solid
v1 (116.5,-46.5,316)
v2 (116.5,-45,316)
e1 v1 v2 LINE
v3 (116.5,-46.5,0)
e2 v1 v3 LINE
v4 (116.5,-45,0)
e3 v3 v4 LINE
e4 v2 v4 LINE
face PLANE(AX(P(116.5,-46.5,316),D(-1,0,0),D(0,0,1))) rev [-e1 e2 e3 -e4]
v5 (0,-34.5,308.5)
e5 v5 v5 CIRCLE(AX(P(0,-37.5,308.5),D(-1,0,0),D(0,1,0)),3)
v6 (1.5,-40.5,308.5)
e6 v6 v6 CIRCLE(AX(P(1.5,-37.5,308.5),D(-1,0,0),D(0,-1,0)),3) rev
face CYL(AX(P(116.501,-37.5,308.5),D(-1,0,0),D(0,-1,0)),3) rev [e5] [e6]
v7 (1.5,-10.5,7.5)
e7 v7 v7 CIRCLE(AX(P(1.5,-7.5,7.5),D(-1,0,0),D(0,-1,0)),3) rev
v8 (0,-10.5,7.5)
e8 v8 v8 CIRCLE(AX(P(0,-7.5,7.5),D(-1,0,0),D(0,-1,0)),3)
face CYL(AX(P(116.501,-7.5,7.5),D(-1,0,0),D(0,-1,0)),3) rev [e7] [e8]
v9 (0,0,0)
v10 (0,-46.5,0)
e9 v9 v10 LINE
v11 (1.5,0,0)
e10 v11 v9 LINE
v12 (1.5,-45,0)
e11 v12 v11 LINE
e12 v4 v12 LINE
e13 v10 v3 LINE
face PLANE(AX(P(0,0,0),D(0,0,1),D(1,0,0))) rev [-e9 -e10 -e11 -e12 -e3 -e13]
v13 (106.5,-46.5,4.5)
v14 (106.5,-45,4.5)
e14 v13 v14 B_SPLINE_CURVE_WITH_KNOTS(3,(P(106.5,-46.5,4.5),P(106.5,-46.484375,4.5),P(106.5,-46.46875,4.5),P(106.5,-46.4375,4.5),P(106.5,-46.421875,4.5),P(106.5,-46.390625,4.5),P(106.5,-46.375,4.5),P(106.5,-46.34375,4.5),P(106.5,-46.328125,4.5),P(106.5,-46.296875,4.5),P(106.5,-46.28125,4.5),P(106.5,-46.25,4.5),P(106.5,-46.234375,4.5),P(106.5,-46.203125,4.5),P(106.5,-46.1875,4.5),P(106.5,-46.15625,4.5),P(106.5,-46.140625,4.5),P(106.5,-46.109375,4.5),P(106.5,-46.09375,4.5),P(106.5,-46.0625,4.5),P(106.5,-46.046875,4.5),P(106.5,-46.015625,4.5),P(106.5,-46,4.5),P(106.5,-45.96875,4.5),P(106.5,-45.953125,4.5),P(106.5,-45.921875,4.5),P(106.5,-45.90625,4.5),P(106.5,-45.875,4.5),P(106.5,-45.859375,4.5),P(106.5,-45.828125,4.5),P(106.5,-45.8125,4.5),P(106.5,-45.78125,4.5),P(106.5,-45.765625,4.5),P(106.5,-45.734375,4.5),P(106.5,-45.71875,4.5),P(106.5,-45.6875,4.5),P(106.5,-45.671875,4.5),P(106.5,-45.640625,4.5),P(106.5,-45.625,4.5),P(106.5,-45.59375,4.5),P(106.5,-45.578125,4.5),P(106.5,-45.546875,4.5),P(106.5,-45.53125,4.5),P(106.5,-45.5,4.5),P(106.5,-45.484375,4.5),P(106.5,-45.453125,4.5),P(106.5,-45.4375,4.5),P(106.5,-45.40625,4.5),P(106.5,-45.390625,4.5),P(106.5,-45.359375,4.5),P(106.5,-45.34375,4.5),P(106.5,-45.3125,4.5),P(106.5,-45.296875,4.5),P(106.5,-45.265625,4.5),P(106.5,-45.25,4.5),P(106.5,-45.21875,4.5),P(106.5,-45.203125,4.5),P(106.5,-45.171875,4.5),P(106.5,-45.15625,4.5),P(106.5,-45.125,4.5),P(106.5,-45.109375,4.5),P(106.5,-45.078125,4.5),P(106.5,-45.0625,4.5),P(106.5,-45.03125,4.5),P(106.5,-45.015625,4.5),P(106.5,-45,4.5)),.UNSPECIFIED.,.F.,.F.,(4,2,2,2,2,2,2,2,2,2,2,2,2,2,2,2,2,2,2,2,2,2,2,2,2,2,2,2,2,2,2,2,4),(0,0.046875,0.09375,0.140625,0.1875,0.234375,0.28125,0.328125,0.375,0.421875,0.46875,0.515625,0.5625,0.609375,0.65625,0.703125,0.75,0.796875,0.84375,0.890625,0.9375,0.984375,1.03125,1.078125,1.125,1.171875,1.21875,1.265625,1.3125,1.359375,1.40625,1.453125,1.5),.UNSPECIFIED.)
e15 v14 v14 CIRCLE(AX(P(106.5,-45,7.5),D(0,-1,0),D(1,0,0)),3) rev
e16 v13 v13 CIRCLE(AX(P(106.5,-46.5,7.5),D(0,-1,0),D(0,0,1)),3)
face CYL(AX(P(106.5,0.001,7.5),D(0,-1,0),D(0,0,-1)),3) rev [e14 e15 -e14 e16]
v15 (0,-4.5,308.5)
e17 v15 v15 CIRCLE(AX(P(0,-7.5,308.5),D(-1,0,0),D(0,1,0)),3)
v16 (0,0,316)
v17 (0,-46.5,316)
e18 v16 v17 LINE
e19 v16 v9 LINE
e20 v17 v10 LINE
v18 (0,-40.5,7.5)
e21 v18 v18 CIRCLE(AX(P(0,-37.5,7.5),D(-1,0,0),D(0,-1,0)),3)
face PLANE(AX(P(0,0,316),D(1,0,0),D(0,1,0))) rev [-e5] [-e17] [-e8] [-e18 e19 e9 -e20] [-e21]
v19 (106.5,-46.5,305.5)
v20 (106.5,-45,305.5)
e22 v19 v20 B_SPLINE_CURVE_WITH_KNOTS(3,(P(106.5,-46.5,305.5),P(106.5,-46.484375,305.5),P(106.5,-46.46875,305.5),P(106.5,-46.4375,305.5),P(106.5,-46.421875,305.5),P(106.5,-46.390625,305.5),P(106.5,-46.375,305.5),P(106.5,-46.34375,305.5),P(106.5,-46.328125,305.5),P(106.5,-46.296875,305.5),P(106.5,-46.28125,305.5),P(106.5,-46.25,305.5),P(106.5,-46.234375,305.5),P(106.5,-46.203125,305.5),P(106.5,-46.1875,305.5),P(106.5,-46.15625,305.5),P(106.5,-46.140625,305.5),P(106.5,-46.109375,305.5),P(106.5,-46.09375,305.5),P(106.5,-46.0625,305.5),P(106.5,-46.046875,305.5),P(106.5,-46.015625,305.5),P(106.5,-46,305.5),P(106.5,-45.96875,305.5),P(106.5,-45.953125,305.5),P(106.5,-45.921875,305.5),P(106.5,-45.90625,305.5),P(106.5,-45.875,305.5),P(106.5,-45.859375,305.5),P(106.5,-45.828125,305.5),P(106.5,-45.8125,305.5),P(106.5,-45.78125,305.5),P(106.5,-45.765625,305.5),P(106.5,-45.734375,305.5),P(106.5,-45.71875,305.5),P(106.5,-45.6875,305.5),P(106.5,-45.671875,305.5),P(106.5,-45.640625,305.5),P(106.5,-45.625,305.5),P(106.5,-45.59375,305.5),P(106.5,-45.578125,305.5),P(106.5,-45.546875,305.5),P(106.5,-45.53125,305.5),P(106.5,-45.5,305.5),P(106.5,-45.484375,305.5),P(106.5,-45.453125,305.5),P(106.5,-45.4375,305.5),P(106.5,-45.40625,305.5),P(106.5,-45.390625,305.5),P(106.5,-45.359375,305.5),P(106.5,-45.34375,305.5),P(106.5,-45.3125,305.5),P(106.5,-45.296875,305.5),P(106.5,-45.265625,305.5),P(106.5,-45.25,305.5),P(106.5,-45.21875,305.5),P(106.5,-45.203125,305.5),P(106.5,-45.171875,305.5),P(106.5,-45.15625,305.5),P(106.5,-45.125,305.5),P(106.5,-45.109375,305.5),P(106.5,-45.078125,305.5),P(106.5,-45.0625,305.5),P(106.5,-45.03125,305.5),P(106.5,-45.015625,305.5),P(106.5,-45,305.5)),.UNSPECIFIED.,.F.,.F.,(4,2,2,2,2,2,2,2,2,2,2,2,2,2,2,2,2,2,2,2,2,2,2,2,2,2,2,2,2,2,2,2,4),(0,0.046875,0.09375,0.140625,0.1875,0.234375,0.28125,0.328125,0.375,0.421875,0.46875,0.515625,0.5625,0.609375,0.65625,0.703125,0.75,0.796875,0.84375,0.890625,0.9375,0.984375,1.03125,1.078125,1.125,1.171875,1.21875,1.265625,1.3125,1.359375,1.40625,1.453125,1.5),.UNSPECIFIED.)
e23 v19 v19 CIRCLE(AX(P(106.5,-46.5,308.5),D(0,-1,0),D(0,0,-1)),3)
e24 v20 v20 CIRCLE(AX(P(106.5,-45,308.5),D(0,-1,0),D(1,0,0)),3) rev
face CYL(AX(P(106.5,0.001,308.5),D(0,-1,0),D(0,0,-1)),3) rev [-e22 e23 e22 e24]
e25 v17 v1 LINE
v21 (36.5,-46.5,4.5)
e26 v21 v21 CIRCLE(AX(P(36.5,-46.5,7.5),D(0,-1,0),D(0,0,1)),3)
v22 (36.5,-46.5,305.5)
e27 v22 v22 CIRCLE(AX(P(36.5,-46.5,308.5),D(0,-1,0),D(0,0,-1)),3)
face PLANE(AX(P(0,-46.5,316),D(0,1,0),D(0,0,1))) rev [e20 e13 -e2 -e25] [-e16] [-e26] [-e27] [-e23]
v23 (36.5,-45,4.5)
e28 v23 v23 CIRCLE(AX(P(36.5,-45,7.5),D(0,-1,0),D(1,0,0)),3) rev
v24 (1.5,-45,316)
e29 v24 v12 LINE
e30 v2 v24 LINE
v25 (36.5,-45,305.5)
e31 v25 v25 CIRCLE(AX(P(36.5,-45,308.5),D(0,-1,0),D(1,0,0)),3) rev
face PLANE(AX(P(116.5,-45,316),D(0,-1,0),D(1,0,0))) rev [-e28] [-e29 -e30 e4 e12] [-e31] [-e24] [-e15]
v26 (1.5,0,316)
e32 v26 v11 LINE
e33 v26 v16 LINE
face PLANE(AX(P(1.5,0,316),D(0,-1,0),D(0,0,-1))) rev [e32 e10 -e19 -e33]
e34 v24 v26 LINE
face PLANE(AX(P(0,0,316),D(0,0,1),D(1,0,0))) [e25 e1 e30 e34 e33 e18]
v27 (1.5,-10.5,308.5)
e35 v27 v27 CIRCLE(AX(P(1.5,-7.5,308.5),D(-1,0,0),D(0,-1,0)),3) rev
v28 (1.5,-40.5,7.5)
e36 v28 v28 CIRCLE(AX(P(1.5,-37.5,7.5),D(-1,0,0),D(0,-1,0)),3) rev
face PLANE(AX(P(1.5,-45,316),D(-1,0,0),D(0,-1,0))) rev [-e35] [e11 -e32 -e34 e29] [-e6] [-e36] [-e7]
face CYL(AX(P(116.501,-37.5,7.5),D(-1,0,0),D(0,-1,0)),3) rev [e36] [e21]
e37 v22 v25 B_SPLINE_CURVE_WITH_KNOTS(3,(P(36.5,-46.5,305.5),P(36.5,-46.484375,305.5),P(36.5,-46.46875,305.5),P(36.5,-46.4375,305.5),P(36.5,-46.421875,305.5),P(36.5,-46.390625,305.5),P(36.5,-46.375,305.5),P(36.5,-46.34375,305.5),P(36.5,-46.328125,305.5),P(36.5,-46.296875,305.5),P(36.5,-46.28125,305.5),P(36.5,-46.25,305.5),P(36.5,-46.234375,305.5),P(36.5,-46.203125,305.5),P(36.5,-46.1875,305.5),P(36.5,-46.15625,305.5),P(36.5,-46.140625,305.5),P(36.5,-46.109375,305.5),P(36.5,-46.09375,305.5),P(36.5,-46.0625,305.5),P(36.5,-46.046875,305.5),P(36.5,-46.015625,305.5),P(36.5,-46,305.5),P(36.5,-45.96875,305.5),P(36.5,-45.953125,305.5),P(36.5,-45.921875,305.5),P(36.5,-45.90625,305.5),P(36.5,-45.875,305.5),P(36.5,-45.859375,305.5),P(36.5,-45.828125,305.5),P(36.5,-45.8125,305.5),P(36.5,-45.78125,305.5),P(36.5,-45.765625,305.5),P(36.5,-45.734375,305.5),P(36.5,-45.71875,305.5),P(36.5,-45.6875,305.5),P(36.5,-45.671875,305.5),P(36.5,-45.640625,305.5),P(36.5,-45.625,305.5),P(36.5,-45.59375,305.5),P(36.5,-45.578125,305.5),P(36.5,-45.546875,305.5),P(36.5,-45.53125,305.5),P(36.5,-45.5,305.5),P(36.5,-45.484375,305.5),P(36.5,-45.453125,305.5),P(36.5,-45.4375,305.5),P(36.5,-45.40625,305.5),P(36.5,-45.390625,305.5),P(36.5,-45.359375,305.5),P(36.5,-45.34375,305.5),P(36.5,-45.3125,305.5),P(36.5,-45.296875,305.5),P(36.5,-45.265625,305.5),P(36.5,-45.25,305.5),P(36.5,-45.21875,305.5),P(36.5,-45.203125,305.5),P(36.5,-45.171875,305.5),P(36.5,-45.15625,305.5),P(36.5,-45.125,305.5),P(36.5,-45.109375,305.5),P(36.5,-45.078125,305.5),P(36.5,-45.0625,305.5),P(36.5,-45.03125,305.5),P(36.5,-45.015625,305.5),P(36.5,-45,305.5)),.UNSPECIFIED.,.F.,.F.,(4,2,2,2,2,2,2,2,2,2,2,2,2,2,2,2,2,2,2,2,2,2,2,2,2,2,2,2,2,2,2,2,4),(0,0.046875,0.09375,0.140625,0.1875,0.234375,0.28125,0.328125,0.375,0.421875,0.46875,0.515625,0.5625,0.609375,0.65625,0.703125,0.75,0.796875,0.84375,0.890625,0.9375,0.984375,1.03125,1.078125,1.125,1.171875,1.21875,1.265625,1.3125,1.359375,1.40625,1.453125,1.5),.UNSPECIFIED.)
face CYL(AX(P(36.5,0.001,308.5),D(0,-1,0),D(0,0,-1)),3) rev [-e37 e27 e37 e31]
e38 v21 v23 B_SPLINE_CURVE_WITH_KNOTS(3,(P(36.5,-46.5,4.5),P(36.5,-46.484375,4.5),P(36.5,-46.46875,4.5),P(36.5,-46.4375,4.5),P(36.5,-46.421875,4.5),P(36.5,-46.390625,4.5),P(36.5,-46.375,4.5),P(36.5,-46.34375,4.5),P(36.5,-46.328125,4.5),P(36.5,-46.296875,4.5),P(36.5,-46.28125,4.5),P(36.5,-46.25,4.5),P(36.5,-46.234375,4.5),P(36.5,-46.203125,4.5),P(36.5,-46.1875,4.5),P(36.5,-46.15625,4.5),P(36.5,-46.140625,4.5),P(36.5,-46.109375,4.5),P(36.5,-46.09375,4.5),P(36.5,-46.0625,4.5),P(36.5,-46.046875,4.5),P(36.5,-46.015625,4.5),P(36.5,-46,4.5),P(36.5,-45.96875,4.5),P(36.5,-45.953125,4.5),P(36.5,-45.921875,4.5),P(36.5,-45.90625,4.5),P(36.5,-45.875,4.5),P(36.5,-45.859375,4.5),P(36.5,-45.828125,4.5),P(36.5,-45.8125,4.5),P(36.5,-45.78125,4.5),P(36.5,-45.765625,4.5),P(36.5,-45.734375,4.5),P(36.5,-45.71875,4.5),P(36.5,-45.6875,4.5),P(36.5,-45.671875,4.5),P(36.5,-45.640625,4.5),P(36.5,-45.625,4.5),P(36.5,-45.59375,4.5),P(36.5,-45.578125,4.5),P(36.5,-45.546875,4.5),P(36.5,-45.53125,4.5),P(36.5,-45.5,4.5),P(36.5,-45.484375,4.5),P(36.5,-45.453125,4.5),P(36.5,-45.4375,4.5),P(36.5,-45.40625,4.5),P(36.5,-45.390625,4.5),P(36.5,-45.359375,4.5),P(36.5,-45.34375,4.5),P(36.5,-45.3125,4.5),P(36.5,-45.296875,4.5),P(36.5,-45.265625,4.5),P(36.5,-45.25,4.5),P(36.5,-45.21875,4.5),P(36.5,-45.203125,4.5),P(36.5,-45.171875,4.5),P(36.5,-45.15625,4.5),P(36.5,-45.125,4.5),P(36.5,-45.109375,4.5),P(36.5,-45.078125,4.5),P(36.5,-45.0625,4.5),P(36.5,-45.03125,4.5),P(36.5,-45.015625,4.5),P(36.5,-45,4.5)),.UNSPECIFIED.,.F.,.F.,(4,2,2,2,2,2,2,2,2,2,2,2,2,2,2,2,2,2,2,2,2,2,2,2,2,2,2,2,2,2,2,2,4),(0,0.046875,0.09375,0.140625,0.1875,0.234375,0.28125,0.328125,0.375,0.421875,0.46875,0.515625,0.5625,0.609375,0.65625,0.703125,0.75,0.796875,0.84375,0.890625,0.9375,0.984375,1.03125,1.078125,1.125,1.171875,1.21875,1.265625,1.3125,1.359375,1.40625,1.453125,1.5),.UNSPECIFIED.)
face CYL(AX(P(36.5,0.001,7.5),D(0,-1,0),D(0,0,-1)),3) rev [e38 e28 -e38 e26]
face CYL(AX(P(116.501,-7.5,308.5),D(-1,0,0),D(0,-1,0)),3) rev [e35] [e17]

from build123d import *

# Parameters (mm, degrees)
BOSS_EXTRUDE1_DEPTH = 316
CUT_EXTRUDE1_REACH  = 341.986
SKETCH2_R           = 3
CUT_EXTRUDE2_REACH  = 341.986
SKETCH3_R           = 3


with BuildPart() as part:
    # Sketch1 → Boss-Extrude1 (new body)
    with BuildSketch(Plane.XY):
        Polygon((0, 0), (0, -46.5), (116.5, -46.5), (116.5, -45), (1.5, -45), (1.5, 0), align=None)
    extrude(amount=BOSS_EXTRUDE1_DEPTH)

    # Sketch2 → Cut-Extrude1 (cut, up to next)
    with BuildSketch(Plane.ZY, mode=Mode.PRIVATE) as cut_extrude1_sk1:
        with Locations(Location((7.5, -7.5, 0), (0, 0, 270))):
            Circle(SKETCH2_R)
    cut_extrude1_tool1 = extrude(cut_extrude1_sk1.sketch, amount=-CUT_EXTRUDE1_REACH, mode=Mode.PRIVATE) & part.part
    # Sketch2 → Cut-Extrude1 (cut, up to next)
    with BuildSketch(Plane.ZY, mode=Mode.PRIVATE) as cut_extrude1_sk2:
        with Locations(Location((7.5, -37.5, 0), (0, 0, 270))):
            Circle(SKETCH2_R)
    cut_extrude1_tool2 = extrude(cut_extrude1_sk2.sketch, amount=-CUT_EXTRUDE1_REACH, mode=Mode.PRIVATE) & part.part
    # Sketch2 → Cut-Extrude1 (cut, up to next)
    with BuildSketch(Plane.ZY, mode=Mode.PRIVATE) as cut_extrude1_sk3:
        with Locations(Location((308.5, -37.5, 0), (0, 0, 270))):
            Circle(SKETCH2_R)
    cut_extrude1_tool3 = extrude(cut_extrude1_sk3.sketch, amount=-CUT_EXTRUDE1_REACH, mode=Mode.PRIVATE) & part.part
    # Sketch2 → Cut-Extrude1 (cut, up to next)
    with BuildSketch(Plane.ZY, mode=Mode.PRIVATE) as cut_extrude1_sk4:
        with Locations(Location((308.5, -7.5, 0), (0, 0, 270))):
            Circle(SKETCH2_R)
    cut_extrude1_tool4 = extrude(cut_extrude1_sk4.sketch, amount=-CUT_EXTRUDE1_REACH, mode=Mode.PRIVATE) & part.part
    add(cut_extrude1_tool1.solids().sort_by_distance((0, -7.5, 7.5))[0], mode=Mode.SUBTRACT)
    add(cut_extrude1_tool2.solids().sort_by_distance((0, -37.5, 7.5))[0], mode=Mode.SUBTRACT)
    add(cut_extrude1_tool3.solids().sort_by_distance((0, -37.5, 308.5))[0], mode=Mode.SUBTRACT)
    add(cut_extrude1_tool4.solids().sort_by_distance((0, -7.5, 308.5))[0], mode=Mode.SUBTRACT)

    # Sketch3 → Cut-Extrude2 (cut, up to next)
    with BuildSketch(Plane.XZ.offset(46.5), mode=Mode.PRIVATE) as cut_extrude2_sk1:
        with Locations(Location((106.5, 308.5, 0), (0, 0, 270))):
            Circle(SKETCH3_R)
    cut_extrude2_tool1 = extrude(cut_extrude2_sk1.sketch, amount=-CUT_EXTRUDE2_REACH, mode=Mode.PRIVATE) & part.part
    # Sketch3 → Cut-Extrude2 (cut, up to next)
    with BuildSketch(Plane.XZ.offset(46.5), mode=Mode.PRIVATE) as cut_extrude2_sk2:
        with Locations(Location((36.5, 308.5, 0), (0, 0, 270))):
            Circle(SKETCH3_R)
    cut_extrude2_tool2 = extrude(cut_extrude2_sk2.sketch, amount=-CUT_EXTRUDE2_REACH, mode=Mode.PRIVATE) & part.part
    # Sketch3 → Cut-Extrude2 (cut, up to next)
    with BuildSketch(Plane.XZ.offset(46.5), mode=Mode.PRIVATE) as cut_extrude2_sk3:
        with Locations(Location((106.5, 7.5, 0), (0, 0, 270))):
            Circle(SKETCH3_R)
    cut_extrude2_tool3 = extrude(cut_extrude2_sk3.sketch, amount=-CUT_EXTRUDE2_REACH, mode=Mode.PRIVATE) & part.part
    # Sketch3 → Cut-Extrude2 (cut, up to next)
    with BuildSketch(Plane.XZ.offset(46.5), mode=Mode.PRIVATE) as cut_extrude2_sk4:
        with Locations(Location((36.5, 7.5, 0), (0, 0, 270))):
            Circle(SKETCH3_R)
    cut_extrude2_tool4 = extrude(cut_extrude2_sk4.sketch, amount=-CUT_EXTRUDE2_REACH, mode=Mode.PRIVATE) & part.part
    add(cut_extrude2_tool1.solids().sort_by_distance((106.5, -46.5, 308.5))[0], mode=Mode.SUBTRACT)
    add(cut_extrude2_tool2.solids().sort_by_distance((36.5, -46.5, 308.5))[0], mode=Mode.SUBTRACT)
    add(cut_extrude2_tool3.solids().sort_by_distance((106.5, -46.5, 7.5))[0], mode=Mode.SUBTRACT)
    add(cut_extrude2_tool4.solids().sort_by_distance((36.5, -46.5, 7.5))[0], mode=Mode.SUBTRACT)


solid = part.part
